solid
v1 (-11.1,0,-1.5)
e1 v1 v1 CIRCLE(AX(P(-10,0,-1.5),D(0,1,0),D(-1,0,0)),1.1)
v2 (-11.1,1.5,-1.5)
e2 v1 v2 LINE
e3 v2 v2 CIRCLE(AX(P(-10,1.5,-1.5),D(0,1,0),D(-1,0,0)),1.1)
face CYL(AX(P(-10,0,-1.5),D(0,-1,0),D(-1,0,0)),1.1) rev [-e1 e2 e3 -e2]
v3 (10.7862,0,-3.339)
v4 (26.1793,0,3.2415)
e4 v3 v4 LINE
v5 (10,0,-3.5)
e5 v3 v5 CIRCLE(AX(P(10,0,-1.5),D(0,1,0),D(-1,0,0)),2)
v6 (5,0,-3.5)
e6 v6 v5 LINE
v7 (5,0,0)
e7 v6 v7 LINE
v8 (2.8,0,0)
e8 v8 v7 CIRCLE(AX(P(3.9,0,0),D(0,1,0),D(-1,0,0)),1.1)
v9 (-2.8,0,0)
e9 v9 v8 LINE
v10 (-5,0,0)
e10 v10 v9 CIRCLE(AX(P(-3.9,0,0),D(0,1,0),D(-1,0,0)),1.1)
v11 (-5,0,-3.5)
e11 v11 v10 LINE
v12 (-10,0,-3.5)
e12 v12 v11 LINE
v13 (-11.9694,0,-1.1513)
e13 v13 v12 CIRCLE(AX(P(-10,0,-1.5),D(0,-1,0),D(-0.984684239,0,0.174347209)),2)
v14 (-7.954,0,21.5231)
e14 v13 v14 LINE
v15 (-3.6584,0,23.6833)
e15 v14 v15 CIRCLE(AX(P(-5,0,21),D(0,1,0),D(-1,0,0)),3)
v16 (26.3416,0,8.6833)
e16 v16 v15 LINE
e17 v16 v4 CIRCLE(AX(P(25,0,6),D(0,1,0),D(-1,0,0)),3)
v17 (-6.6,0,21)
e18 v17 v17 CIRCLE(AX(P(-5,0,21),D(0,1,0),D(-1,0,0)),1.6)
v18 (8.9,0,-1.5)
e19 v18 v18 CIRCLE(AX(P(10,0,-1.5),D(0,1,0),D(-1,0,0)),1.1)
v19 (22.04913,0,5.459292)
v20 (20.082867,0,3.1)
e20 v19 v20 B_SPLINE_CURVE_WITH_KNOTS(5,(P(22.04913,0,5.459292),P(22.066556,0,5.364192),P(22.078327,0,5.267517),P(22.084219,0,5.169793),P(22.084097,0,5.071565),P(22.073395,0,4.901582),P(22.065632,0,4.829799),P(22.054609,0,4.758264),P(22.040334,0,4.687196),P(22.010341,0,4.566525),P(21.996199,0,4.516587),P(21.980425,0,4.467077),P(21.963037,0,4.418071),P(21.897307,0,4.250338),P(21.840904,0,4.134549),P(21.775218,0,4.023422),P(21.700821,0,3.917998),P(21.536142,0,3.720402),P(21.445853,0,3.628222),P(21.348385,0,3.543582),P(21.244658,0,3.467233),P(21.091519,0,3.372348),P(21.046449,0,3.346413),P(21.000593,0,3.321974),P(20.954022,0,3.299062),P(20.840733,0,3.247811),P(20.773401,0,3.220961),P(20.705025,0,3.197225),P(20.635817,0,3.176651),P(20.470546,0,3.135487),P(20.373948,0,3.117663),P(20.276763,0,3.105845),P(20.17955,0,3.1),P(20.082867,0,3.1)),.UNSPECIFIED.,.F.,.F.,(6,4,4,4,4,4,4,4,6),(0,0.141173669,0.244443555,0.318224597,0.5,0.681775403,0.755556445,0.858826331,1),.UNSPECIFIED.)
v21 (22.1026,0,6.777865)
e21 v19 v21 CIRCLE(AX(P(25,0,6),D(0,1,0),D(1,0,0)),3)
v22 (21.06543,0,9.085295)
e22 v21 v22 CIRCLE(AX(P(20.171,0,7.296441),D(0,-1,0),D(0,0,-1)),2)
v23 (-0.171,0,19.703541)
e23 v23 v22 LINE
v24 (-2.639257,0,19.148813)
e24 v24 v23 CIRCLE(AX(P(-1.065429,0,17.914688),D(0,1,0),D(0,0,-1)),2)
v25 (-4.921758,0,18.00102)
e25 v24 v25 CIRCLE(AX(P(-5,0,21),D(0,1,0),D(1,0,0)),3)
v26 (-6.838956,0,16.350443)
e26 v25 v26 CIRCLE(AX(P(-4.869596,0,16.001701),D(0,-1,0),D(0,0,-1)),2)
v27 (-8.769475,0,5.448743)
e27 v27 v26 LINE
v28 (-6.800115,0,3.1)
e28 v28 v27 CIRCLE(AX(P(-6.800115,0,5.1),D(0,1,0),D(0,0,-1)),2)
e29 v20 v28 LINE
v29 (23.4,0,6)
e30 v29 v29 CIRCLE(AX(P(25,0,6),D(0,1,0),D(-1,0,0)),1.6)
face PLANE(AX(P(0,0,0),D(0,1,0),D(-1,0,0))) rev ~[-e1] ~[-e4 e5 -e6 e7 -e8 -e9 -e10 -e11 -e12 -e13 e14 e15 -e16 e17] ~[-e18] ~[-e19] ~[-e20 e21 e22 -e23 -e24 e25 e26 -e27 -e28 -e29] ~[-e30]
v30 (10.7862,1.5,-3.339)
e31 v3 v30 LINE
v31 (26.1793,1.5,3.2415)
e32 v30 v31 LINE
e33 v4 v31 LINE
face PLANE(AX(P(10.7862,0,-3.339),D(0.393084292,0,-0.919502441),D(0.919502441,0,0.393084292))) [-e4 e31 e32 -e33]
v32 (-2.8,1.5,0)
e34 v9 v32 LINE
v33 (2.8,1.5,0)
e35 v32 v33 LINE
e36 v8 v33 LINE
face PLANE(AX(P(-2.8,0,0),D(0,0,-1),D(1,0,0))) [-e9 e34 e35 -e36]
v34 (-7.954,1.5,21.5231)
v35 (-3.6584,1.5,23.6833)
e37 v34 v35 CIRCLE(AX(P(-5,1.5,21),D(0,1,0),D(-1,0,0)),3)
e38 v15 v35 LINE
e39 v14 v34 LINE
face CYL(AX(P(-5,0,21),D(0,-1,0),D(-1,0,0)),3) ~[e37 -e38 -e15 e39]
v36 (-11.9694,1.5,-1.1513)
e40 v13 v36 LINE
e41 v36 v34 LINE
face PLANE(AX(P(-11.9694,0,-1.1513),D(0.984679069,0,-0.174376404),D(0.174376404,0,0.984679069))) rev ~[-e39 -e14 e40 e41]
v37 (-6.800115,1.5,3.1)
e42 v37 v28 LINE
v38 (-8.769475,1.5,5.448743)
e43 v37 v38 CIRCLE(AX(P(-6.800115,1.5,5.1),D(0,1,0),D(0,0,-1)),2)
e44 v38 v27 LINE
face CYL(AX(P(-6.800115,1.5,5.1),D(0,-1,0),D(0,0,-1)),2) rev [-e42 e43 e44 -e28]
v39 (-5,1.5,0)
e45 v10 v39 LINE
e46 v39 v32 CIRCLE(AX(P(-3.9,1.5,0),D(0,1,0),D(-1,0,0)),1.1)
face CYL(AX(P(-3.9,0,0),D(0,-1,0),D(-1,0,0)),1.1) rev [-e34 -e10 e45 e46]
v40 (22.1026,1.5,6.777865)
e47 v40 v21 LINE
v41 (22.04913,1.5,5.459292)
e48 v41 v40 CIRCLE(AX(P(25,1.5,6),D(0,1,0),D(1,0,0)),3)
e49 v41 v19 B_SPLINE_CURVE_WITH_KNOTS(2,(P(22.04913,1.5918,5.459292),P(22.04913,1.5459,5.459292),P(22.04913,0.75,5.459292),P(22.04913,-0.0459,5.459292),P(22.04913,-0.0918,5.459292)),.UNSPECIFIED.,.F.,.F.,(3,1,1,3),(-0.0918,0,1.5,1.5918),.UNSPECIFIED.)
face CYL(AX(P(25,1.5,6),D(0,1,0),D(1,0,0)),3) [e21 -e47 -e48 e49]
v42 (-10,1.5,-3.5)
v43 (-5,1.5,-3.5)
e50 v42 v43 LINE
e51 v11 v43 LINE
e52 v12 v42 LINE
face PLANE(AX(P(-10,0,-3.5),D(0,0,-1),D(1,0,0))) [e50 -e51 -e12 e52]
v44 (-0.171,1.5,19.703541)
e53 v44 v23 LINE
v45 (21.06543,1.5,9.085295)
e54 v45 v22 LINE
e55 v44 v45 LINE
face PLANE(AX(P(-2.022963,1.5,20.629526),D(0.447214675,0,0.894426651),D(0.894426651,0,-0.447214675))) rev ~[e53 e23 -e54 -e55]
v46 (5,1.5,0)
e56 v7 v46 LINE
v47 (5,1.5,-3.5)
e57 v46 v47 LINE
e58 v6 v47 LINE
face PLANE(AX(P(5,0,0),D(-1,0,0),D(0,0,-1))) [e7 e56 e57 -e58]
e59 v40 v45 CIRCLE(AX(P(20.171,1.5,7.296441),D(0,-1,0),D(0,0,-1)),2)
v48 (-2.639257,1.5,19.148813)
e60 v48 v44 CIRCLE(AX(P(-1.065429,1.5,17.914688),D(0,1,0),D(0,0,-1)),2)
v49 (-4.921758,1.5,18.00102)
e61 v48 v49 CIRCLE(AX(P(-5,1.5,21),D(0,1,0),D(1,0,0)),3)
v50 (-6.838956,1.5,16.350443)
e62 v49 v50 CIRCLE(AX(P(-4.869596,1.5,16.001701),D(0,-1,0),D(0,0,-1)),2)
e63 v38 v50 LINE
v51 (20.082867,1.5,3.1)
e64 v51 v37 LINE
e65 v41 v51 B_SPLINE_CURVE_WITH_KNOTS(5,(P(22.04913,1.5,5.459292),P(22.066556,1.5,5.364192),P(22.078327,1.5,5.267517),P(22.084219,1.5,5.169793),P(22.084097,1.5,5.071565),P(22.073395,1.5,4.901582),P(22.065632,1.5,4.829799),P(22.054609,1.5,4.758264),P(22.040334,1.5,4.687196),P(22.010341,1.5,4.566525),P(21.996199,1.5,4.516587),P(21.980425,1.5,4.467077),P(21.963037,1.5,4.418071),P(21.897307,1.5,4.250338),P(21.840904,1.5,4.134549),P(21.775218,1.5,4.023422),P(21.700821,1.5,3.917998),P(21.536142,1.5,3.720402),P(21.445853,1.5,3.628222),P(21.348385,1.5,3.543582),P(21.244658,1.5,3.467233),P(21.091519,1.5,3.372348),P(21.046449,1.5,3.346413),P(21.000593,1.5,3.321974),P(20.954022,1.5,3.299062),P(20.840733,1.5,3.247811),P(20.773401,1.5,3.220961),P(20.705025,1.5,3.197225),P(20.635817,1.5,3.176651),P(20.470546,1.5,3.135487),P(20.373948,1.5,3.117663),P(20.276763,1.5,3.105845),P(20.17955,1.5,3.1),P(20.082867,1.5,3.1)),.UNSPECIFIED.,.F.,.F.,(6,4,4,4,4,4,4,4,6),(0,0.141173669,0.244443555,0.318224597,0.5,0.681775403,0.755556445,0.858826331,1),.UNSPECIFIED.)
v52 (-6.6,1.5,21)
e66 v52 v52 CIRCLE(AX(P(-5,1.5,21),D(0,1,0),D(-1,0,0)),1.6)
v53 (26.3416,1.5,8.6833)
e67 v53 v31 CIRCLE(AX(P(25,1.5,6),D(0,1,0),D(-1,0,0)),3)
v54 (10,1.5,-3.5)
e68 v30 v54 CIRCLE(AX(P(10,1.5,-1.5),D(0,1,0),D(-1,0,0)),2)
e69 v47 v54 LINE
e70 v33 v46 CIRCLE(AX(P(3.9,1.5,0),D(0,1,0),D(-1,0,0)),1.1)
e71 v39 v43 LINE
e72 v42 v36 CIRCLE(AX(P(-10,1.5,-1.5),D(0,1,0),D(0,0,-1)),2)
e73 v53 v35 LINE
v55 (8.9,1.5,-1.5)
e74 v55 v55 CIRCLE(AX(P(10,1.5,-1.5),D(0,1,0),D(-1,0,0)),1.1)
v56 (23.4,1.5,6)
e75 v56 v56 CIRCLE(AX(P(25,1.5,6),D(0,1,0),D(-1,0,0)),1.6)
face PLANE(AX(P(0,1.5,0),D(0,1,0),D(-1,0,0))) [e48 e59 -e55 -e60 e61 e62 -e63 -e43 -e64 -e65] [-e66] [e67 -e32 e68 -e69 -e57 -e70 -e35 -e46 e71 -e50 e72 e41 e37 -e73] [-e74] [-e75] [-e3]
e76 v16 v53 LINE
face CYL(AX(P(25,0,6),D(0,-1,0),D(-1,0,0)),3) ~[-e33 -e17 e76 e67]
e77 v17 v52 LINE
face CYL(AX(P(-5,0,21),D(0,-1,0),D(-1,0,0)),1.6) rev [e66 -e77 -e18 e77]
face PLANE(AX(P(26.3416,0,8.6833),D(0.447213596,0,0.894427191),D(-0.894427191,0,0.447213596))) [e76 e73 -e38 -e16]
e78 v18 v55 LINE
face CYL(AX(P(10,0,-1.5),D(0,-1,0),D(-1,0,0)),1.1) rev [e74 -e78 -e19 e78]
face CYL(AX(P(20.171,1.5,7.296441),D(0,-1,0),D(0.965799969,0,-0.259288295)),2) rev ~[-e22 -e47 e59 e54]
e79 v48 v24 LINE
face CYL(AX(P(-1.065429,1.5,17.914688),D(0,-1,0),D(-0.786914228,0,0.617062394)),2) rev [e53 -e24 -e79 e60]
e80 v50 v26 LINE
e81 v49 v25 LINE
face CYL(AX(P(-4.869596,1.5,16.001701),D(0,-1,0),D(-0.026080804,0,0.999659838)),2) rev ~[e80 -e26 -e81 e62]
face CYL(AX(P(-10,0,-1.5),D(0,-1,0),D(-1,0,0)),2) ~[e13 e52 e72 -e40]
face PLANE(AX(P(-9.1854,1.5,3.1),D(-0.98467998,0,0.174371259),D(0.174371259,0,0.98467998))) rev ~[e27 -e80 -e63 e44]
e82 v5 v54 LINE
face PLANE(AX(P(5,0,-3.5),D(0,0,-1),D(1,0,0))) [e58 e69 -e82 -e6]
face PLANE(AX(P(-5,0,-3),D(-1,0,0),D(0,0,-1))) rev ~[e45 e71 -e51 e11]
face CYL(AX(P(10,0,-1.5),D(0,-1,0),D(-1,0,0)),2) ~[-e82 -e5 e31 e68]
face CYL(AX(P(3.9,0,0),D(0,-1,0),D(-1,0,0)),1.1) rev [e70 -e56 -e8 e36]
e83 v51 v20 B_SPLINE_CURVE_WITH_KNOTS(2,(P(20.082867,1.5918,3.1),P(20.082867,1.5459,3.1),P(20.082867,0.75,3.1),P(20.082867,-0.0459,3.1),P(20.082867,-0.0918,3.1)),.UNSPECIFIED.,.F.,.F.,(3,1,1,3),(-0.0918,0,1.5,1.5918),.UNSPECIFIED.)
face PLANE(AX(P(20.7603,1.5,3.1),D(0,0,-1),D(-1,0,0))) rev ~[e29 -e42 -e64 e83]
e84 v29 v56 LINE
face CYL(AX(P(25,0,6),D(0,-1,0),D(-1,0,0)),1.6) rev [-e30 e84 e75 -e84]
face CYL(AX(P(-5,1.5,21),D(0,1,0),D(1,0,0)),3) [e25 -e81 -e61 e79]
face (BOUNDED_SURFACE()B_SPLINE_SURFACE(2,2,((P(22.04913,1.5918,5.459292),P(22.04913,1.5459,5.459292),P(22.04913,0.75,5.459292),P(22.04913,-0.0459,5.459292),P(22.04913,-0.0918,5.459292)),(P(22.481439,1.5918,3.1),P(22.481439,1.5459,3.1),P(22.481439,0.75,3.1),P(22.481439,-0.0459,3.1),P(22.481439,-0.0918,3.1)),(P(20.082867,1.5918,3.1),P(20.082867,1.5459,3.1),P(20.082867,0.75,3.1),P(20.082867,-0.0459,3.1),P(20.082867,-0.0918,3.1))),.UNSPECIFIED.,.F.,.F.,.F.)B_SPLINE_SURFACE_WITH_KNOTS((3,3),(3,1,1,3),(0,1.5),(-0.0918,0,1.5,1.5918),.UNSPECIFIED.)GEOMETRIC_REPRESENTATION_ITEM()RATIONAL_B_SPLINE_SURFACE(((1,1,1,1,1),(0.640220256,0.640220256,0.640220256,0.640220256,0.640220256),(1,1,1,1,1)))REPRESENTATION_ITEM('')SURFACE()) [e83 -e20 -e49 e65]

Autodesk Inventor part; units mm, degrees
ref_plane "YZ Plane" through (0, 0, 0) normal (1, 0, 0) x (0, 1, 0)
ref_plane "XZ Plane" through (0, 0, 0) normal (0, 1, 0) x (-1, 0, 0)
ref_plane "XY Plane" through (0, 0, 0) normal (0, 0, 1) x (1, 0, 0)
sketch "スケッチ1" plane through (0, 0, 0) normal (0, 1, 0) x (-1, 0, 0)
  line L0 (5, 0) -> (-5, 0)
  line L1 (-5, 0) -> (-5, -3)
  line L2 (-5, -3) -> (5, -3)
  line L3 (5, -3) -> (5, 0)
  circle A0 centre (3.9, 0) radius 1.1
  line L4 (0, -3) -> (0, 0) construction
  circle A1 centre (-3.9, 0) radius 1.1
  line L5 (-5, -1.5) -> (5, -1.5) construction
  circle A2 centre (3.9, -3) radius 1.1
  circle A3 centre (-3.9, -3) radius 1.1
  circle A4 centre (-10, -1.5) radius 1.1
  circle A5 centre (10, -1.5) radius 1.1
  circle A6 centre (10, -1.5) radius 2
  circle A7 centre (-10, -1.5) radius 2
  line L6 (10, -3.5) -> (-10, -3.5)
  line L7 (-5, -3) -> (-5, -3.5)
  line L8 (5, -3) -> (5, -3.5)
  circle A8 centre (-25, 6) radius 1.6
  circle A9 centre (5, 21) radius 1.6
  line L9 (-25, 6) -> (5, 6) construction
  line L10 (5, 6) -> (5, 21) construction
  line L11 (5, 21) -> (-25, 6) construction
  circle A10 centre (-25, 6) radius 3
  circle A11 centre (5, 21) radius 3
  line L12 (11.9694, -1.1513) -> (7.954, 21.5231)
  line L13 (-10.7862, -3.339) -> (-26.1793, 3.2415)
  line L14 (-26.3416, 8.6833) -> (3.6584, 23.6833)
  point P0 (-2.8, 0)
  point P1 (2.8, 0)
  dimension "d2" = 2.2
  dimension "d0" = 10
  dimension "d1" = 3
  dimension "d3" = 2.2
  dimension "d4" = 5
  dimension "d5" = 4
  dimension "d6" = 4
  dimension "d7" = 3.2
  dimension "d8" = 3.2
  dimension "d9" = 15
  dimension "d10" = 30
  dimension "d11" = 6
  dimension "d12" = 6
  dimension "d15" = 15
  dimension "d17" = 6
extrude "押し出し1" add sketch "スケッチ1" along normal blind 1.5 contours A1 L1 L7 L6 A7 L13 A10 L14 A11 L12 A6 L8 L3 A0 L0 | A7 | A6 | A10 | A11
sketch "スケッチ2" plane through (0, 1.5, 0) normal (0, 1, 0) x (1, 0, 0)
  line L0 (-9.1854, -3.1) -> (-5.7511, -22.4936)
  line L1 (-5.7511, -22.4936) -> (27.378, -5.929)
  line L2 (27.378, -5.929) -> (20.7603, -3.1)
  line L3 (20.7603, -3.1) -> (-9.1854, -3.1)
  line L4 (10, 3.5) -> (5, 3.5) projected
  line L5 (26.1793, -3.2415) -> (10.7862, 3.339) projected
  line L6 (-11.9694, 1.1513) -> (-7.954, -21.5231) projected
  line L7 (-3.6584, -23.6833) -> (26.3416, -8.6833) projected
  arc A0 (2.8, 0) -> (5, 0) centre (3.9, 0) ccw projected
  line L8 (-3.6584, -23.6833) -> (26.3416, -8.6833) projected
  arc A1 (26.3416, -8.6833) -> (26.1793, -3.2415) centre (25, -6) ccw projected
  line L9 (26.1793, -3.2415) -> (10.7862, 3.339) projected
  arc A2 (10.7862, 3.339) -> (10, 3.5) centre (10, 1.5) ccw projected
  line L10 (10, 3.5) -> (5, 3.5) projected
  line L11 (5, 3.5) -> (5, 0) projected
  arc A3 (2.8, 0) -> (5, 0) centre (3.9, 0) ccw projected
  line L12 (2.8, 0) -> (-2.8, 0) projected
  arc A4 (-5, 0) -> (-2.8, 0) centre (-3.9, 0) ccw projected
  line L13 (-5, 0) -> (-5, 3.5) projected
  line L14 (-5, 3.5) -> (-10, 3.5) projected
  arc A5 (-10, 3.5) -> (-11.9694, 1.1513) centre (-10, 1.5) ccw projected
  line L15 (-11.9694, 1.1513) -> (-7.954, -21.5231) projected
  arc A6 (-7.954, -21.5231) -> (-3.6584, -23.6833) centre (-5, -21) ccw projected
  circle A7 centre (10, 1.5) radius 1.1 projected
  circle A8 centre (25, -6) radius 1.6 projected
  circle A9 centre (-10, 1.5) radius 1.1 projected
  circle A10 centre (-5, -21) radius 1.6 projected
  circle A11 centre (-5, -21) radius 3
  circle A12 centre (25, -6) radius 3
  point P0 (0, 0)
  point P1 (3.9, -1.1)
  point P2 (-6.4779, -18.3893)
  point P3 (-2.023, -20.6295)
  point P4 (22.9174, -8.1593)
  point P5 (22.7923, -3.9687)
  dimension "d18" = 2
  dimension "d19" = 2
  dimension "d20" = 2
  dimension "d22" = 2
extrude "押し出し2" cut sketch "スケッチ2" against normal through all contours L3 L2 A12 L1 A11 L0
fillet "フィレット1" radius 2 6 edges at (22.7923, 0.75, 3.9687) (22.9174, 0.75, 8.1593) (20.7603, 0.75, 3.1) (-9.1854, 0.75, 3.1) (-2.023, 0.75, 20.6295) (-6.4779, 0.75, 18.3893)
equation "\"d18\" = d22"
equation "\"d19\" = d18"
equation "\"d20\" = d19"
properties part number "momo" material "アルミニウム 2014-T4"
